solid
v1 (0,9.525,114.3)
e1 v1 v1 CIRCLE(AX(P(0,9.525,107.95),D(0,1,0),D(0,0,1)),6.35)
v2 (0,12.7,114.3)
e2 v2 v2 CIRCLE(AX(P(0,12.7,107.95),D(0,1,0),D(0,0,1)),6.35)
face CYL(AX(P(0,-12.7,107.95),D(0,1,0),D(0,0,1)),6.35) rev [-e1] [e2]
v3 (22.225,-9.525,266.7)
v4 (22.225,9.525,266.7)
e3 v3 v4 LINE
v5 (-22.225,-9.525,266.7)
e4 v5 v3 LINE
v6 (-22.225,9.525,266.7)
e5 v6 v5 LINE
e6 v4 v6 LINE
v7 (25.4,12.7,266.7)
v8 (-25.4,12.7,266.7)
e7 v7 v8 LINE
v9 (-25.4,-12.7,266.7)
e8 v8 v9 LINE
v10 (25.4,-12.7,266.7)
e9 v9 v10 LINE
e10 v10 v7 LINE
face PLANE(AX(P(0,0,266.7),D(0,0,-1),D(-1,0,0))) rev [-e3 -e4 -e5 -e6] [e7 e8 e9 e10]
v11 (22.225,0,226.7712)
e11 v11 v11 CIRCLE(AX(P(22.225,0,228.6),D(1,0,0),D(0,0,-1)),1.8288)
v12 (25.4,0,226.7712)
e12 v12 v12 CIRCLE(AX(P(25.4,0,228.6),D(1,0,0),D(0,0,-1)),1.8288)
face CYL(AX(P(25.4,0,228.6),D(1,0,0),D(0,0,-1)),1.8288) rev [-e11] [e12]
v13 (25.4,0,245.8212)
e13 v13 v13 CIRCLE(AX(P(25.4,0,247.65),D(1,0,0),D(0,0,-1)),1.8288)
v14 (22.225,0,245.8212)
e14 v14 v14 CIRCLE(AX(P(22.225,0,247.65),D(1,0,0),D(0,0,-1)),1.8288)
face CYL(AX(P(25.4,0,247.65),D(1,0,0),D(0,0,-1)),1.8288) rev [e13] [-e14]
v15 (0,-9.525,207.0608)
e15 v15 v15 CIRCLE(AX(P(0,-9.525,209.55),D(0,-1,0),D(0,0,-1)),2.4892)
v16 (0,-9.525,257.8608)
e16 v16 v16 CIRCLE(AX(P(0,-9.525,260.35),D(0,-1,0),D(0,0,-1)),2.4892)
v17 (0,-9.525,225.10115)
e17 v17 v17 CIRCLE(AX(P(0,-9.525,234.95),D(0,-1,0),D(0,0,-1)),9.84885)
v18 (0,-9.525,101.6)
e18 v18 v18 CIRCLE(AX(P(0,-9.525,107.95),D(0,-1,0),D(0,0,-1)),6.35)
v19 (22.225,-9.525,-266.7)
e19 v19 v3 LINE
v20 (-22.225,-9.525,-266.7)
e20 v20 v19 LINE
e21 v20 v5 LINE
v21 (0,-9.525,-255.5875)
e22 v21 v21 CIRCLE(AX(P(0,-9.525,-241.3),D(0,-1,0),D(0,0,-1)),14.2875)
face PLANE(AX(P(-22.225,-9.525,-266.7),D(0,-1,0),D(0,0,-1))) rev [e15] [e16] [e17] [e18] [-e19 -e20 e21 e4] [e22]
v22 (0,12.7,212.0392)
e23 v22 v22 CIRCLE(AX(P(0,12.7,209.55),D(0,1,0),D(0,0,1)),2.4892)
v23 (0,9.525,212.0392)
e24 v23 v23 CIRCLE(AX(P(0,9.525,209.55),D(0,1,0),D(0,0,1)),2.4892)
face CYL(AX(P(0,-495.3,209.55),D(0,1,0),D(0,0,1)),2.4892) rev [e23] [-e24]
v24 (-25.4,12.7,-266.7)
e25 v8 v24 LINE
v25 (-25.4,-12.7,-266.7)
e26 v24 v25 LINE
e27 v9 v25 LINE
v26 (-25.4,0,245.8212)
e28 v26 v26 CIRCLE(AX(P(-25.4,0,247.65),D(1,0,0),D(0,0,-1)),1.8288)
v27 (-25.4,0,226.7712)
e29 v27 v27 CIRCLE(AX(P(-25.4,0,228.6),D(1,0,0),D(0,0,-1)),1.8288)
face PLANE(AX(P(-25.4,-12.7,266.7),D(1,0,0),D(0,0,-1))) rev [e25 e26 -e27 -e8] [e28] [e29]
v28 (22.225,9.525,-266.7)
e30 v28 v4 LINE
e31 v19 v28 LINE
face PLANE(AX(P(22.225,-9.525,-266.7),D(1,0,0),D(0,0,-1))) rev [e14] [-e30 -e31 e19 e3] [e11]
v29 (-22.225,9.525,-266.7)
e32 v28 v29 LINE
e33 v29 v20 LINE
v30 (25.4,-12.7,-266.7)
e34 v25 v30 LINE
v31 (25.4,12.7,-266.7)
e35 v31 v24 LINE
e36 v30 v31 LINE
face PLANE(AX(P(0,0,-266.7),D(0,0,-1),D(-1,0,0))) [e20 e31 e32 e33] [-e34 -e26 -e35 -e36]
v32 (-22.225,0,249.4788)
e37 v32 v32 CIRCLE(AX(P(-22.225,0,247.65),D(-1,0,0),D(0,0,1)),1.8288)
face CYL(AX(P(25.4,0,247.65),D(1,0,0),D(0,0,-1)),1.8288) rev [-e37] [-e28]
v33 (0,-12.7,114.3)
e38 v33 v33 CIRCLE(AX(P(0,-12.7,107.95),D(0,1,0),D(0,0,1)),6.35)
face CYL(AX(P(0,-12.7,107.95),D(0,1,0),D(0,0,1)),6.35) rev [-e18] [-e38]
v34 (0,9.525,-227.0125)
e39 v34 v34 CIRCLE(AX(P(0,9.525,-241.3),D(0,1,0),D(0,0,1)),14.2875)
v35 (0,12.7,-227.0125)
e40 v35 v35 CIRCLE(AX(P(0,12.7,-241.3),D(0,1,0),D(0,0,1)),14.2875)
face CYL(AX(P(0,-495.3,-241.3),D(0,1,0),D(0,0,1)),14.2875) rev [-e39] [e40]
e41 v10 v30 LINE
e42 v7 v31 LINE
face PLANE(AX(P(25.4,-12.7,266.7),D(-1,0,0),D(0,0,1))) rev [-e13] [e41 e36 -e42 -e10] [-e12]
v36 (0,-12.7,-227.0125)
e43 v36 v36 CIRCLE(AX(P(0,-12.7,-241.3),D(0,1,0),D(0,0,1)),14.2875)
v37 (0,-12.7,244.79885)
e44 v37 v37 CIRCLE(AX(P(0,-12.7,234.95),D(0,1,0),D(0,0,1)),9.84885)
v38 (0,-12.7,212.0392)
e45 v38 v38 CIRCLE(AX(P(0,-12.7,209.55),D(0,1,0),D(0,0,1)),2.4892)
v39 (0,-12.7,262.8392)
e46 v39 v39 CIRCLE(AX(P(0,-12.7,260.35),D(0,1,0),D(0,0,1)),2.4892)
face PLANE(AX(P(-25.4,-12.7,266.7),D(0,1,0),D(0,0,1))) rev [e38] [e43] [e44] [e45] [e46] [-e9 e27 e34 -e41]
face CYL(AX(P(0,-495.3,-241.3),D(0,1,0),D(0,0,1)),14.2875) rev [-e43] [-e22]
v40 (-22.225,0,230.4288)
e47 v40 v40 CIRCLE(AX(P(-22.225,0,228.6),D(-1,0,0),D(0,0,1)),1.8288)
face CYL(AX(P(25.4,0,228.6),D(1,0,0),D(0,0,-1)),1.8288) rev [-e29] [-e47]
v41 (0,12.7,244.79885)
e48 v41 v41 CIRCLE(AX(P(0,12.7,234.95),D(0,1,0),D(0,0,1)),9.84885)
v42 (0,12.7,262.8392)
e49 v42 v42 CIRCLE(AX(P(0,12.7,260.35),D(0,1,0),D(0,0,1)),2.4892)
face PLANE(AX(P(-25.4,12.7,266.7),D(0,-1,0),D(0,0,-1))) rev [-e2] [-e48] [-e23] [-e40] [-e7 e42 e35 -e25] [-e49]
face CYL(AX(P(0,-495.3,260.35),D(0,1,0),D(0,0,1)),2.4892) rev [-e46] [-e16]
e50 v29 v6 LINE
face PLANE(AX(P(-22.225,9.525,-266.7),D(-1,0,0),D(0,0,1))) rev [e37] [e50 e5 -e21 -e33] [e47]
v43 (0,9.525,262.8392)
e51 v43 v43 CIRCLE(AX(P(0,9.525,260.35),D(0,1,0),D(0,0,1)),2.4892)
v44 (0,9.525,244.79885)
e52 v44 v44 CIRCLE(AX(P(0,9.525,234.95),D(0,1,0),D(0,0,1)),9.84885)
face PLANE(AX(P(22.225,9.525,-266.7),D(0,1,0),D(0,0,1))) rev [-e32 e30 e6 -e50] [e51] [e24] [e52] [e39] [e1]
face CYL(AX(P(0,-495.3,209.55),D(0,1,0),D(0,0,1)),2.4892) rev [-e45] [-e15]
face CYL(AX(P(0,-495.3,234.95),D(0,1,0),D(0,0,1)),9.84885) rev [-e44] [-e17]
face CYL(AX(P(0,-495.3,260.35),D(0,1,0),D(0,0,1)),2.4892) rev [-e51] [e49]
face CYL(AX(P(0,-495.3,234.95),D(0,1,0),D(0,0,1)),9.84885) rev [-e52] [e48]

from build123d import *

# Parameters (mm, degrees)
SKETCH1_W                   = 50.8
SKETCH1_H                   = 25.4
BOSS_EXTRUDE1_DEPTH         = 266.7
SKETCH2_W                   = 44.45
SKETCH2_H                   = 19.05
CUT_EXTRUDE1_DEPTH          = 535.155417458
SKETCH5_R                   = 2.4892
SKETCH5_R_2                 = 9.84885
SKETCH5_R_3                 = 14.2875
CUT_EXTRUDE2_DEPTH          = 508
SKETCH7_R                   = 6.35
CUT_EXTRUDE4_DEPTH          = 270.108175275
F_27_0_144_DIAMETER_HOLE1_D = 3.6576


with BuildPart() as part:
    # Sketch1 → Boss-Extrude1 (new, symmetric)
    with BuildSketch(Plane.XY):
        Rectangle(SKETCH1_W, SKETCH1_H)
    extrude(amount=BOSS_EXTRUDE1_DEPTH, both=True)

    # Sketch2 → Cut-Extrude1 (cut, through all)
    with BuildSketch(Plane.XY.offset(266.7)):
        Rectangle(SKETCH2_W, SKETCH2_H)
    extrude(amount=-CUT_EXTRUDE1_DEPTH, mode=Mode.SUBTRACT)

    # Sketch5 → Cut-Extrude2 (cut)
    with BuildSketch(Plane(origin=(0, 12.7, 0), x_dir=(1, 0, 0), z_dir=(0, 1, 0))):
        with Locations(Location((0, -260.35, 0), (0, 0, 270))):
            Circle(SKETCH5_R)
        with Locations(Location((0, -234.95, 0), (0, 0, 270))):
            Circle(SKETCH5_R_2)
        with Locations(Location((0, -209.55, 0), (0, 0, 270))):
            Circle(SKETCH5_R)
        with Locations(Location((0, 241.3, 0), (0, 0, 270))):
            Circle(SKETCH5_R_3)
    extrude(amount=-CUT_EXTRUDE2_DEPTH, mode=Mode.SUBTRACT)

    # Sketch7 → Cut-Extrude4 (cut, through all)
    with BuildSketch(Plane(origin=(0, 12.7, 0), x_dir=(1, 0, 0), z_dir=(0, 1, 0))):
        with Locations(Location((0, -107.95, 0), (0, 0, 270))):
            Circle(SKETCH7_R)
    extrude(amount=-CUT_EXTRUDE4_DEPTH, mode=Mode.SUBTRACT)

    # #27 (0.144) Diameter Hole1 (through all)
    with Locations(Plane(origin=(25.4, 0, 0), x_dir=(0, 0, -1), z_dir=(1, 0, 0))):
        with Locations((-247.65, 0), (-228.6, 0)):
            Hole(F_27_0_144_DIAMETER_HOLE1_D / 2)


solid = part.part
